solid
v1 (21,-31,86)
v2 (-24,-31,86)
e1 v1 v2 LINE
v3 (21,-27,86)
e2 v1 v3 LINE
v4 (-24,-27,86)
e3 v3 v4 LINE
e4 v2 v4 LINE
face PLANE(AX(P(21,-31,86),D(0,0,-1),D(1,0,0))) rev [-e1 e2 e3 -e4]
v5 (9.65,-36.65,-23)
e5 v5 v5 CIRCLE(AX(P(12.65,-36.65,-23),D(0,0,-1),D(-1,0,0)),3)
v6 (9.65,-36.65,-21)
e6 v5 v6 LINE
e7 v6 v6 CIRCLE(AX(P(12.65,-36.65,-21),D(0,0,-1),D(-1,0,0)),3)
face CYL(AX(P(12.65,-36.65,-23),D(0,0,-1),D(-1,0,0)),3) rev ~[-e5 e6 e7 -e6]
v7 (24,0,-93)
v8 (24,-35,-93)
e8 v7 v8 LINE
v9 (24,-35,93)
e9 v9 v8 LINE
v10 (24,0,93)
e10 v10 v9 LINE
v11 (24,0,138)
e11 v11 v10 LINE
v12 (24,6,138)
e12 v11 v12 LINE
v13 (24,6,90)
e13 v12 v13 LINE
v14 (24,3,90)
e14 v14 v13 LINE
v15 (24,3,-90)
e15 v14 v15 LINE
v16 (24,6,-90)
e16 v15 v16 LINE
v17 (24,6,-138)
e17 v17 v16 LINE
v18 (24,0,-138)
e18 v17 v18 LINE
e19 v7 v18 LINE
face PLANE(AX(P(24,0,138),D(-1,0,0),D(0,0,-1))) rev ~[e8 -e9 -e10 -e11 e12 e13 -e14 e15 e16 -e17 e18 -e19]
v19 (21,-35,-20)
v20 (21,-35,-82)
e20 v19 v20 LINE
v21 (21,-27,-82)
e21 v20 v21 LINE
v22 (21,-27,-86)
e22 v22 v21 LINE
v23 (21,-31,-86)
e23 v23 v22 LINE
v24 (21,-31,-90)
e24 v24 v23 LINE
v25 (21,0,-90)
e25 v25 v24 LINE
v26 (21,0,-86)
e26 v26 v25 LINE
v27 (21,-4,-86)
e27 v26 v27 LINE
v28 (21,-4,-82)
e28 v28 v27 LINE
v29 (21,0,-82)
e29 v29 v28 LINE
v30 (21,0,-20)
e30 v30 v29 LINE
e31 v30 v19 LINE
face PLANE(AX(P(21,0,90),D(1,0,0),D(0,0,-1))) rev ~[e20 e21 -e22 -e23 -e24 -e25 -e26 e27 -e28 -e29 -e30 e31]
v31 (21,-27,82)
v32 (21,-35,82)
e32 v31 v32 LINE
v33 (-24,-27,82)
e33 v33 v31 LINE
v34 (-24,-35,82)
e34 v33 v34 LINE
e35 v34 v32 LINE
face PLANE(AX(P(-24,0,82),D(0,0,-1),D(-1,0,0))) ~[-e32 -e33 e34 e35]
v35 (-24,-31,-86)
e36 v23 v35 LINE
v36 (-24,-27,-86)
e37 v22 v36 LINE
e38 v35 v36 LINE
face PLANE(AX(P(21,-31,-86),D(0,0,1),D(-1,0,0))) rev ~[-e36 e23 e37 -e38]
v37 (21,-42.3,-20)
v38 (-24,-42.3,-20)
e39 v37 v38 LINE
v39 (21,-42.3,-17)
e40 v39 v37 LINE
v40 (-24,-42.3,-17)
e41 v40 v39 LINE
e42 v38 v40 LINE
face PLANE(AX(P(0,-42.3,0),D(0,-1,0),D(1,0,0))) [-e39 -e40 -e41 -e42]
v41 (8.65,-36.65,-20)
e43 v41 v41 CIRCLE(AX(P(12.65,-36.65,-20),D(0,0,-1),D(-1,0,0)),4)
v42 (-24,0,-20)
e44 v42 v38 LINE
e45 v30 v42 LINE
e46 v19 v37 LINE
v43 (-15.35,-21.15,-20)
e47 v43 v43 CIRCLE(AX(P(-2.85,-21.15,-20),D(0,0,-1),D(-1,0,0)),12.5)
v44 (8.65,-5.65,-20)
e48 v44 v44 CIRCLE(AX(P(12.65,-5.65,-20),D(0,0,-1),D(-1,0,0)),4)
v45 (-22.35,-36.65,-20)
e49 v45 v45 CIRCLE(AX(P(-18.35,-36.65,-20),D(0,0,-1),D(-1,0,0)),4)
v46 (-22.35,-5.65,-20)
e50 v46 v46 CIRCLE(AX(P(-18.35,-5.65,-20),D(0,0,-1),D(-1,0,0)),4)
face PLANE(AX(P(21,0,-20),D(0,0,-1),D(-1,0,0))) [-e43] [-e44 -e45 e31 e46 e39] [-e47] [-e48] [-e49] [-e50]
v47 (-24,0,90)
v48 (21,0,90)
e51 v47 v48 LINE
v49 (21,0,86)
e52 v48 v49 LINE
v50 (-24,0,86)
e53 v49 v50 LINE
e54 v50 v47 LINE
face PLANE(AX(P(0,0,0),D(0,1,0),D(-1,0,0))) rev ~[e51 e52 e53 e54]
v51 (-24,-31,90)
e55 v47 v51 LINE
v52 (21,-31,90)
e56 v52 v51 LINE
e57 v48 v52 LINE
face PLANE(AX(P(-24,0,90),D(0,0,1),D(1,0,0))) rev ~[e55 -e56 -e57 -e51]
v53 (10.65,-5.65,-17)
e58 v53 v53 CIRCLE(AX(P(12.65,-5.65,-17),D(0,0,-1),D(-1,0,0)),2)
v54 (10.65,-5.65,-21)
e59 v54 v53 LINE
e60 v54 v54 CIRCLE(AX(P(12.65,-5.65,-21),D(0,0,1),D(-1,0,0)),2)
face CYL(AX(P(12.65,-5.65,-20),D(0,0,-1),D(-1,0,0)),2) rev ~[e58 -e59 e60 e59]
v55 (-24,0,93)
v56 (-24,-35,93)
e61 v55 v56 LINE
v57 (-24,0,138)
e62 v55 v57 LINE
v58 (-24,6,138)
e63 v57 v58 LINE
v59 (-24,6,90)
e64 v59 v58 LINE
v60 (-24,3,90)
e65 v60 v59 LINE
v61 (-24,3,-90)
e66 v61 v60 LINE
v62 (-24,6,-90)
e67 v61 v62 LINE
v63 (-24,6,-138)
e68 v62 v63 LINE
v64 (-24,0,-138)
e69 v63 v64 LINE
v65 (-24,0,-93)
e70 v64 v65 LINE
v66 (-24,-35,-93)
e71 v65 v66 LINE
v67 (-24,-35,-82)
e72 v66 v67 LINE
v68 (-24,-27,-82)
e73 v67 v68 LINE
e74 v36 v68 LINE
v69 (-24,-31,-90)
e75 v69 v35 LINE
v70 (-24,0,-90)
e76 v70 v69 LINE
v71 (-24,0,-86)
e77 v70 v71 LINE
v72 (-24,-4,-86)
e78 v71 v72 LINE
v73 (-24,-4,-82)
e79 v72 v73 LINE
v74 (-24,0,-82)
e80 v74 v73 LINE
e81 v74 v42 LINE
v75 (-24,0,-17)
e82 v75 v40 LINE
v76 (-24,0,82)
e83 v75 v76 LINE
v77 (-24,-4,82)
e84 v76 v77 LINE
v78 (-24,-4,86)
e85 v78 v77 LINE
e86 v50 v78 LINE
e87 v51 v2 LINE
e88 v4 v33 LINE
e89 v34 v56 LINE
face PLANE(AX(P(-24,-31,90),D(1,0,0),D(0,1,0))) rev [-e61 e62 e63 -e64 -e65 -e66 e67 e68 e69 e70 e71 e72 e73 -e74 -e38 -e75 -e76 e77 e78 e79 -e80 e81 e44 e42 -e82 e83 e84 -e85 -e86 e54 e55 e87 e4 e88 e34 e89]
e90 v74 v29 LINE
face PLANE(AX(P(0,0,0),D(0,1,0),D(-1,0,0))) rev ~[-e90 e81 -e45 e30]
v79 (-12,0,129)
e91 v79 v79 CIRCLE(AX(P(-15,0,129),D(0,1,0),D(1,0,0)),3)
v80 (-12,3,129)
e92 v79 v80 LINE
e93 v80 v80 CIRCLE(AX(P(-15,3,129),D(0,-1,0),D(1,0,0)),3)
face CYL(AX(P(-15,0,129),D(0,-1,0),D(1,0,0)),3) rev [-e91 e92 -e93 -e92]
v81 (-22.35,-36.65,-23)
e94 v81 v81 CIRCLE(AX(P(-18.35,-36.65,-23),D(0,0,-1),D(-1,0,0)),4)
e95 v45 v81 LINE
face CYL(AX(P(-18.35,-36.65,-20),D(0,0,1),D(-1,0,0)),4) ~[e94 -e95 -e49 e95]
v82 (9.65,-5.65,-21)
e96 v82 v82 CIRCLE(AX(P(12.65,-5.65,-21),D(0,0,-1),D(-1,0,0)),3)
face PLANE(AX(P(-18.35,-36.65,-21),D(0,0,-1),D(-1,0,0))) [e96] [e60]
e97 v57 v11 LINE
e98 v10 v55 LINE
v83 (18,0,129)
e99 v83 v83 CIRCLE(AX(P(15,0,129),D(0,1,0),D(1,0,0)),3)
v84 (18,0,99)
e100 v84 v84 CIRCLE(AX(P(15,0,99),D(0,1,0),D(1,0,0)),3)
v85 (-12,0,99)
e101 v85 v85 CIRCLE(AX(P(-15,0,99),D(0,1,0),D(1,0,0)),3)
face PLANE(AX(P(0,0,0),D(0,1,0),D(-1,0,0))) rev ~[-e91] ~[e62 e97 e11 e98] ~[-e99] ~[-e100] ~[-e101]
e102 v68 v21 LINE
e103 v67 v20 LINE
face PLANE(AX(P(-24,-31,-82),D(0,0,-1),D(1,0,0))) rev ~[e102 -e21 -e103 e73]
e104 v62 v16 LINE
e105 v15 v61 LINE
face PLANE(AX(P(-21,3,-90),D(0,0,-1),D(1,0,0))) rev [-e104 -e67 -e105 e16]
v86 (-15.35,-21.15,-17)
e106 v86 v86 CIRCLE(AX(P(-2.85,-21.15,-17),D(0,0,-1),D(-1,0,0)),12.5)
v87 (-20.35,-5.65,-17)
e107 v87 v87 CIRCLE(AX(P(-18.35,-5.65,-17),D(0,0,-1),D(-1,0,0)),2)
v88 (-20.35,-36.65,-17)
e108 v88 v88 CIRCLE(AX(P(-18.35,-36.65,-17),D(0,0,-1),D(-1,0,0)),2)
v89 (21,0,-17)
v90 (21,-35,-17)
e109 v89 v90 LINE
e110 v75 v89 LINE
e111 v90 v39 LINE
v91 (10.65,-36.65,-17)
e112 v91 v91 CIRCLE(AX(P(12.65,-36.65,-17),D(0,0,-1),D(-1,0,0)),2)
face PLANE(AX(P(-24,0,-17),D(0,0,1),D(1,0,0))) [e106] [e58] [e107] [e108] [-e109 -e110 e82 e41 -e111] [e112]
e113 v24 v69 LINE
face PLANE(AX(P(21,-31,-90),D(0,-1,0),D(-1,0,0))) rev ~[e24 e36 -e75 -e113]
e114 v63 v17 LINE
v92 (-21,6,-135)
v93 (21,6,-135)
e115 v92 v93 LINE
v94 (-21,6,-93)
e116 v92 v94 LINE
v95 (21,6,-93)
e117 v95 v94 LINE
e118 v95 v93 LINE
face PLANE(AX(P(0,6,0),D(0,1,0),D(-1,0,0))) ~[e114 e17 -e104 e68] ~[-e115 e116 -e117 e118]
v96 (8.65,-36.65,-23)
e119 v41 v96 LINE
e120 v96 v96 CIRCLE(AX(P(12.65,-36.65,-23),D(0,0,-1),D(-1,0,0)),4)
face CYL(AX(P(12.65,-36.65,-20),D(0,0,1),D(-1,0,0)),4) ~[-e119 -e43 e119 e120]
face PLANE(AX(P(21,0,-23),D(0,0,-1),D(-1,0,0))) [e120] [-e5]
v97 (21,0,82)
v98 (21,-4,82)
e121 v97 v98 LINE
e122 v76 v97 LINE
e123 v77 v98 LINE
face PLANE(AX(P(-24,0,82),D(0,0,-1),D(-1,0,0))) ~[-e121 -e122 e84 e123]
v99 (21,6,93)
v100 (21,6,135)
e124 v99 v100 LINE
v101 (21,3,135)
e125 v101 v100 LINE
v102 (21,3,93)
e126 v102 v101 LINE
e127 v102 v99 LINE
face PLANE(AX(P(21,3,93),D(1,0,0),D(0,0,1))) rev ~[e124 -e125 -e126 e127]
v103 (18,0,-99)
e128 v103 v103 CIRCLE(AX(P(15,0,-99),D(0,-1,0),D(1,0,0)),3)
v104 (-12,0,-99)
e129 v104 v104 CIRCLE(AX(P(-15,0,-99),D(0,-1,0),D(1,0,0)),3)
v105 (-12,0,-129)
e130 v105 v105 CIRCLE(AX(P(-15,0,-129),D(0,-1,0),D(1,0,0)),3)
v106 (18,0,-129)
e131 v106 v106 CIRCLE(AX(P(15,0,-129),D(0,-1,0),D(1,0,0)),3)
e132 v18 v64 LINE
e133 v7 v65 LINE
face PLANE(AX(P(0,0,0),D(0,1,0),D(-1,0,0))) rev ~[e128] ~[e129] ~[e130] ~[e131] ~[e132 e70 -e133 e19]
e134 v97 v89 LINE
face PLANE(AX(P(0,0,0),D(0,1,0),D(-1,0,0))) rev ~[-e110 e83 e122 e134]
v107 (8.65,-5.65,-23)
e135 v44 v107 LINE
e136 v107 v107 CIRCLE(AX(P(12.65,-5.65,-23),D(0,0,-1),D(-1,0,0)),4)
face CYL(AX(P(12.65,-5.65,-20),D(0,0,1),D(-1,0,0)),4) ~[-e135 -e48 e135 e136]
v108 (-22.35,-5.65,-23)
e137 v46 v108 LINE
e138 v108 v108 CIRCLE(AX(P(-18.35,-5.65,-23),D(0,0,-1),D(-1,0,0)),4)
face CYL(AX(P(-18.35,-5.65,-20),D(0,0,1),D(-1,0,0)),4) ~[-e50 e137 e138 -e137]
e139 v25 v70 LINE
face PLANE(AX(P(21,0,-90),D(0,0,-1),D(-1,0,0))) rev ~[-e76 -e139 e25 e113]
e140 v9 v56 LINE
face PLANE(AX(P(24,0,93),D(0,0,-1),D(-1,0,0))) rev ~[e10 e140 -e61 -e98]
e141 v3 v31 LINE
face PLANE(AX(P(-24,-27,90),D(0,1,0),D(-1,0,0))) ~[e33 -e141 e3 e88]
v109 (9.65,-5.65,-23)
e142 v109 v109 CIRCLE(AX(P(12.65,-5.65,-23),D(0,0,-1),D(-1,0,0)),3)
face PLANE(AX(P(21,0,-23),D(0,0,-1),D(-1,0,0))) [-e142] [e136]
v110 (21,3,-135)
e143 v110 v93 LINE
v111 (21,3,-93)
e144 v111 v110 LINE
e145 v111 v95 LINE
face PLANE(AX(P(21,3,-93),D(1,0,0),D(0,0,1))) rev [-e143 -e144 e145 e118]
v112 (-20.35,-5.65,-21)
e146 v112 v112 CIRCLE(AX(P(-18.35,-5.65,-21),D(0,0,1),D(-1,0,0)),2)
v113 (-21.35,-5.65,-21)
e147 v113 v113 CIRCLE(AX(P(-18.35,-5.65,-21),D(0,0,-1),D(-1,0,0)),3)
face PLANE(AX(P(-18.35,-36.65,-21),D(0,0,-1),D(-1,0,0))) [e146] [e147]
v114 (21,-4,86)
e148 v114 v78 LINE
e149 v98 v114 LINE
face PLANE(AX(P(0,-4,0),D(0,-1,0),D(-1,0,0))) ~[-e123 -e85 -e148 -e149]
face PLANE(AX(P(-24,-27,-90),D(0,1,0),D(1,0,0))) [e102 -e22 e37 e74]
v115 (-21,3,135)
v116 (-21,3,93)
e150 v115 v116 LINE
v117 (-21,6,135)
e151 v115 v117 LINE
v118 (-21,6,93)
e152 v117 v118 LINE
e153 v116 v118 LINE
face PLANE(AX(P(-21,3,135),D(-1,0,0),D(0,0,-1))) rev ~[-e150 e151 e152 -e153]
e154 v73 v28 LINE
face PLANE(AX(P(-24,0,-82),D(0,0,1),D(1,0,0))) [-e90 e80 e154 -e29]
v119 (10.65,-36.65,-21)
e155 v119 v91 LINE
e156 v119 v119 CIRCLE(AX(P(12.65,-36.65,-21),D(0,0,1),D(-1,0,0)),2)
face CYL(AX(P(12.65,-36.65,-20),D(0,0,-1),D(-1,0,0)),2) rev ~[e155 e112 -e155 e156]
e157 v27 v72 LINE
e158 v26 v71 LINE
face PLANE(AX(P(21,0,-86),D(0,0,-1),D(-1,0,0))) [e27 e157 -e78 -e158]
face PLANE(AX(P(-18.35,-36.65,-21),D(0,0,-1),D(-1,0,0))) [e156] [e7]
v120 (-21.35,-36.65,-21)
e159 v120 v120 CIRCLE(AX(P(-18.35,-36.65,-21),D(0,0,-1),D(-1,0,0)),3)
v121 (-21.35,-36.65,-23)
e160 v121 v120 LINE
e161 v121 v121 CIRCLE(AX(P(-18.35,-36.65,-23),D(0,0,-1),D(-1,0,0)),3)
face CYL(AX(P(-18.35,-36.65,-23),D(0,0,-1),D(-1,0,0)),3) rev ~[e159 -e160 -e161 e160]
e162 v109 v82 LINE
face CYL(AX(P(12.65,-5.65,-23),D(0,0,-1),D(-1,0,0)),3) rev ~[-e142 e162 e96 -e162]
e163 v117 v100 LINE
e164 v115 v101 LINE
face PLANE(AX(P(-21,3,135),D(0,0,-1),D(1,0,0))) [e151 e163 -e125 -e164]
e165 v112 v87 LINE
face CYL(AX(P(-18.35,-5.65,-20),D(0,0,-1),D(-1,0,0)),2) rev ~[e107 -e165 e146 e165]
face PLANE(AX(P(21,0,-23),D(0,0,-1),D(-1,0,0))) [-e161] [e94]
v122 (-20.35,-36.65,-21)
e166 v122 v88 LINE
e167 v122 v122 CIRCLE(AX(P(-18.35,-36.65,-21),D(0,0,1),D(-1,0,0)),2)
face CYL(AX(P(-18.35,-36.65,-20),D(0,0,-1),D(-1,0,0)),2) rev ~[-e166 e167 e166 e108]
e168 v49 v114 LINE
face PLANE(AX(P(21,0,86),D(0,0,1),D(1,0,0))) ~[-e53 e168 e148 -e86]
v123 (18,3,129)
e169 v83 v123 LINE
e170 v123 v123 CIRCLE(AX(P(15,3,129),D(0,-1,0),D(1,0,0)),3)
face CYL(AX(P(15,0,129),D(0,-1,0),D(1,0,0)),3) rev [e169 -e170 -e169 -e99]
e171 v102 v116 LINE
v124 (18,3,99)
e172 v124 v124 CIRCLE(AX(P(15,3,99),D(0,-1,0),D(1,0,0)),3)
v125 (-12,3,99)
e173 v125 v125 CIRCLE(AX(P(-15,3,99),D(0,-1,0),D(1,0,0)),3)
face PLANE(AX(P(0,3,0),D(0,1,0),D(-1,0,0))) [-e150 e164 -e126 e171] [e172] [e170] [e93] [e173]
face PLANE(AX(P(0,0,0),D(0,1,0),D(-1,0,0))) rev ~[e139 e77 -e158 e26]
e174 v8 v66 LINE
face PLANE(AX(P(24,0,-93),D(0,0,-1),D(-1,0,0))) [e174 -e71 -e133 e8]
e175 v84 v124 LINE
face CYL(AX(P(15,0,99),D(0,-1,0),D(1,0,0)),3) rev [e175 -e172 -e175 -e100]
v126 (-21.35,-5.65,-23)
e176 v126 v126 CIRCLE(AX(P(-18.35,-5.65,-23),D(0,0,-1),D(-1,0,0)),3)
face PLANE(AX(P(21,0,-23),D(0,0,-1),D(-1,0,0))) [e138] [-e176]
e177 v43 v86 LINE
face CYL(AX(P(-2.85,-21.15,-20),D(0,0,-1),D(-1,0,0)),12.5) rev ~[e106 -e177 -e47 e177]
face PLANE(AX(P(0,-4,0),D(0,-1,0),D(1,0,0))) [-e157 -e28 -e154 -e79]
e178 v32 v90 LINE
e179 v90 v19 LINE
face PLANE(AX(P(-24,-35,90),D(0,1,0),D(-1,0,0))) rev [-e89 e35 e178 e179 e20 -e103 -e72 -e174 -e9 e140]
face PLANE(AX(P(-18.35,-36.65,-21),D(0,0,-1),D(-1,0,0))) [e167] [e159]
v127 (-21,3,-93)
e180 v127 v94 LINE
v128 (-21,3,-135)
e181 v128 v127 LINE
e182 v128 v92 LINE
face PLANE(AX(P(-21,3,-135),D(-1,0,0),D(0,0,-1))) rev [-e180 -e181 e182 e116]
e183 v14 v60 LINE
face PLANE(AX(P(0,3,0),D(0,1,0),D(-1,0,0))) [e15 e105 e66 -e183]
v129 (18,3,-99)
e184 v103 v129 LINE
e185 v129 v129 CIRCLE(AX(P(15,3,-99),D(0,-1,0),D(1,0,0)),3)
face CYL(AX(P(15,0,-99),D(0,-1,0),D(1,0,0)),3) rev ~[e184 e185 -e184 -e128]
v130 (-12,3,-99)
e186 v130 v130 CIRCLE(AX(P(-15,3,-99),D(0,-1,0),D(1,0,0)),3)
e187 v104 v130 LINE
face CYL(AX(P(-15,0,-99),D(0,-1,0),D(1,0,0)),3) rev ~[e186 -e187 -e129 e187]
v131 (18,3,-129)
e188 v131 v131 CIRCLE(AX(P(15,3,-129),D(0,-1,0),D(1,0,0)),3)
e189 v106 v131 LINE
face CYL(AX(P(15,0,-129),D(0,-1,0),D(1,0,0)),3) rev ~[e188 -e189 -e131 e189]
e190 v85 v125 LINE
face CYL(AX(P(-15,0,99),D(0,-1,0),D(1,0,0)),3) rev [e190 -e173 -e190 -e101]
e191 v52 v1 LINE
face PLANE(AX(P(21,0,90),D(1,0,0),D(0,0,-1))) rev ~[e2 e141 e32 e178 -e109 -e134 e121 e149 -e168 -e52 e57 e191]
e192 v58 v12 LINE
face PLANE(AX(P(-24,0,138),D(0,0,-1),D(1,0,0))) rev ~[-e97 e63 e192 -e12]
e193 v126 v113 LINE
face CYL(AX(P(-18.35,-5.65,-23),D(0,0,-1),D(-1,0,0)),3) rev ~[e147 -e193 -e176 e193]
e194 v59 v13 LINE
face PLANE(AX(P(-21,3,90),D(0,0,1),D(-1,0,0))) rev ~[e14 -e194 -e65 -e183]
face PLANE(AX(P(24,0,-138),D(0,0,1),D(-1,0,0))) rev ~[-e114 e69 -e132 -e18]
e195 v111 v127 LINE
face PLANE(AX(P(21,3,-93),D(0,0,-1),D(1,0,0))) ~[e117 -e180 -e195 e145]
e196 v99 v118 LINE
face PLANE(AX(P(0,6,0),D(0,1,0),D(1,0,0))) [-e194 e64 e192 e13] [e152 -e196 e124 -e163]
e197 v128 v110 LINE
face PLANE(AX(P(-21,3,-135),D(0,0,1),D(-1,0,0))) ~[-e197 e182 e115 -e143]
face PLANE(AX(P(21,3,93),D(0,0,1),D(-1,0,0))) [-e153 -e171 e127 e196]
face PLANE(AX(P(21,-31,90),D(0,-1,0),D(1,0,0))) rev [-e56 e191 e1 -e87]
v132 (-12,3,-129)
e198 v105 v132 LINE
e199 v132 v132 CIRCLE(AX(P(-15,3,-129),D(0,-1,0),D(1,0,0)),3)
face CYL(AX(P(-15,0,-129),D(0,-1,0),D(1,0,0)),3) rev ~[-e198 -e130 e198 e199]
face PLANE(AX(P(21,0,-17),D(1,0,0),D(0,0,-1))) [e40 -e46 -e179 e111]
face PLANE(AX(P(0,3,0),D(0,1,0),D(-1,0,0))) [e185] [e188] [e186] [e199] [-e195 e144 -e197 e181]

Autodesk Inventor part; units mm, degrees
ref_plane "YZ Plane" through (0, 0, 0) normal (1, 0, 0) x (0, 1, 0)
ref_plane "XZ Plane" through (0, 0, 0) normal (0, 1, 0) x (-1, 0, 0)
ref_plane "XY Plane" through (0, 0, 0) normal (0, 0, 1) x (1, 0, 0)
sketch "Sketch1" plane through (0, 0, 0) normal (0, 1, 0) x (-1, 0, 0)
  line L0 (24, 138) -> (-24, 138)
  line L1 (-24, 138) -> (-24, -138)
  line L2 (-24, -138) -> (24, -138)
  line L3 (24, -138) -> (24, 138)
  point P0 (0, 0)
  dimension "d0" = 48
  dimension "d1" = 276
extrude "Extrusion1" add sketch "Sketch1" along normal blind 3
sketch "Sketch2" plane through (0, 3, 0) normal (0, 1, 0) x (1, 0, 0)
  line L0 (-24, 138) -> (-24, -138) projected
  line L1 (-24, -138) -> (-21, -138)
  line L2 (-21, -138) -> (-21, -90)
  line L3 (-21, -90) -> (-24, -90)
  line L4 (-24, -90) -> (-24, -138)
  line L5 (24, -138) -> (24, 138) projected
  line L6 (-21, -90) -> (24, -90)
  line L7 (24, -90) -> (24, -93)
  line L8 (24, -93) -> (-21, -93)
  line L9 (-21, -93) -> (-21, -90)
  line L10 (-24, -138) -> (24, -138) projected
  line L11 (24, -93) -> (21, -93)
  line L12 (21, -93) -> (21, -138)
  line L13 (21, -138) -> (24, -138)
  line L14 (24, -138) -> (24, -93)
  line L15 (21, -138) -> (-21, -138)
  line L16 (-21, -138) -> (-21, -135)
  line L17 (-21, -135) -> (21, -135)
  line L18 (21, -135) -> (21, -138)
  point P0 (0, 0)
  dimension "d4" = 3
  dimension "d5" = 48
  dimension "d6" = 3
  dimension "d7" = 3
  dimension "d8" = 3
extrude "Extrusion2" add sketch "Sketch2" along normal blind 3 contours L3 L2 L1 L0 | L6 L5 L8 L2 | L2 L17 L12 L10 | L12 L8 L5 L10
mirror "Mirror1" about plane through (0, 0, 0) normal (0, 0, 1) of "Extrusion2"
sketch "Sketch3" plane through (0, 0, 0) normal (0, -1, 0) x (1, 0, 0)
  line L0 (24, -90) -> (-24, -90) projected
  line L1 (24, 138) -> (24, -138) projected
  line L2 (-24, -90) -> (24, -90)
  line L3 (24, -90) -> (24, -93)
  line L4 (24, -93) -> (-24, -93)
  line L5 (-24, -93) -> (-24, -90)
  line L6 (-24, 90) -> (24, 90) projected
  line L7 (24, 90) -> (21, 90)
  line L8 (21, 90) -> (21, -90)
  line L9 (21, -90) -> (24, -90)
  line L10 (24, -90) -> (24, 90)
  line L11 (-24, 90) -> (24, 90)
  line L12 (24, 90) -> (24, 93)
  line L13 (24, 93) -> (-24, 93)
  line L14 (-24, 93) -> (-24, 90)
  point P0 (0, 0)
  dimension "d11" = 3
  dimension "d12" = 3
  dimension "d13" = 3
extrude "Extrusion3" add sketch "Sketch3" along normal blind 35
sketch "Sketch4" plane through (-24, 0, -90) normal (0, 0, 1) x (1, 0, 0)
  line L0 (0, -35) -> (45, -35) projected
  line L1 (45, 0) -> (45, -35) projected
  line L2 (0, -35) -> (45, -35)
  line L3 (45, -35) -> (45, -31)
  line L4 (45, -31) -> (0, -31)
  line L5 (0, -31) -> (0, -35)
  point P0 (24, 0)
  dimension "d16" = 4
extrude "Extrusion4" add sketch "Sketch4" along normal blind 8
sketch "Sketch5" plane through (-24, -31, -90) normal (0, 1, 0) x (1, 0, 0)
  line L0 (0, -8) -> (45, -8) projected
  line L1 (45, 0) -> (45, -8) projected
  line L2 (0, -8) -> (45, -8)
  line L3 (45, -8) -> (45, -4)
  line L4 (45, -4) -> (0, -4)
  line L5 (0, -4) -> (0, -8)
  point P0 (24, -90)
  dimension "d19" = 4
extrude "Extrusion5" add sketch "Sketch5" along normal blind 4
sketch "Sketch6" plane through (0, 0, 0) normal (0, -1, 0) x (1, 0, 0)
  line L0 (21, -86) -> (-24, -86) projected
  line L1 (-24, -82) -> (21, -82)
  line L2 (21, -82) -> (21, -86)
  line L3 (21, -86) -> (-24, -86)
  line L4 (-24, -86) -> (-24, -82)
  point P0 (0, 0)
  dimension "d22" = 4
extrude "Extrusion6" add sketch "Sketch6" along normal blind 4
mirror "Mirror2" about plane through (0, 0, 0) normal (0, 0, 1) of "Extrusion6", "Extrusion5", "Extrusion4"
sketch "Sketch7" plane through (0, 0, 0) normal (0, -1, 0) x (1, 0, 0)
  circle A0 centre (-15, -129) radius 3
  circle A1 centre (15, -129) radius 3
  circle A2 centre (15, -99) radius 3
  circle A3 centre (-15, -99) radius 3
  point P0 (0, 0)
  dimension "d25" = 6
  dimension "d26" = 6
  dimension "d27" = 6
  dimension "d28" = 6
extrude "Extrusion7" cut sketch "Sketch7" against normal blind 4
mirror "Mirror3" about plane through (0, 0, 0) normal (0, 0, 1) of "Extrusion7"
sketch "Sketch8" plane through (0, 0, 0) normal (0, -1, 0) x (1, 0, 0)
  line L0 (21, 82) -> (21, -82) projected
  line L1 (-24, -82) -> (-24, 82) projected
  line L2 (21, -20) -> (-24, -20)
  line L3 (-24, -20) -> (-24, -17)
  line L4 (-24, -17) -> (21, -17)
  line L5 (21, -17) -> (21, -20)
  point P0 (0, 0)
  dimension "d31" = 3
extrude "Extrusion8" add sketch "Sketch8" along normal blind 42.3
sketch "Sketch9" plane through (21, 0, -20) normal (0, 0, -1) x (-1, 0, 0)
  circle A0 centre (39.35, -5.65) radius 4
  circle A1 centre (39.35, -36.65) radius 4
  circle A2 centre (8.35, -5.65) radius 4
  circle A3 centre (8.35, -36.65) radius 4
  point P0 (21, 0)
  dimension "d34" = 8
  dimension "d35" = 8
  dimension "d36" = 8
  dimension "d37" = 8
extrude "Extrusion9" add sketch "Sketch9" along normal blind 3
sketch "Sketch10" plane through (-18.35, -36.65, -23) normal (0, 0, -1) x (-1, 0, 0)
  circle A0 centre (0, 0) radius 3
  circle A1 centre (0, 31) radius 4 projected
  circle A2 centre (0, 31) radius 3
  circle A3 centre (-31, 0) radius 4 projected
  circle A4 centre (-31, 0) radius 3
  circle A5 centre (-31, 31) radius 4 projected
  circle A6 centre (-31, 31) radius 3
  point P0 (-18.35, 36.65)
  dimension "d40" = 6
  dimension "d41" = 6
  dimension "d42" = 6
  dimension "d43" = 6
extrude "Extrusion10" cut sketch "Sketch10" against normal blind 2 contours A0 | A2 | A4 | A6
sketch "Sketch11" plane through (21, 0, -20) normal (0, 0, -1) x (-1, 0, 0)
  circle A0 centre (23.85, -21.15) radius 12.5
  circle A1 centre (39.35, -36.65) radius 3 projected
  circle A2 centre (39.35, -36.65) radius 2
  circle A3 centre (8.35, -36.65) radius 3 projected
  circle A4 centre (8.35, -36.65) radius 2
  circle A5 centre (8.35, -5.65) radius 4 projected
  circle A6 centre (8.35, -5.65) radius 2
  circle A7 centre (39.35, -5.65) radius 4 projected
  circle A8 centre (39.35, -5.65) radius 2
  point P0 (21, 0)
  dimension "d46" = 25
  dimension "d47" = 4
  dimension "d48" = 4
  dimension "d49" = 4
  dimension "d50" = 4
extrude "Extrusion11" cut sketch "Sketch11" along normal mid plane 10 contours A0 | A2 | A4 | A6 | A8
properties part number "carriageEnd"
